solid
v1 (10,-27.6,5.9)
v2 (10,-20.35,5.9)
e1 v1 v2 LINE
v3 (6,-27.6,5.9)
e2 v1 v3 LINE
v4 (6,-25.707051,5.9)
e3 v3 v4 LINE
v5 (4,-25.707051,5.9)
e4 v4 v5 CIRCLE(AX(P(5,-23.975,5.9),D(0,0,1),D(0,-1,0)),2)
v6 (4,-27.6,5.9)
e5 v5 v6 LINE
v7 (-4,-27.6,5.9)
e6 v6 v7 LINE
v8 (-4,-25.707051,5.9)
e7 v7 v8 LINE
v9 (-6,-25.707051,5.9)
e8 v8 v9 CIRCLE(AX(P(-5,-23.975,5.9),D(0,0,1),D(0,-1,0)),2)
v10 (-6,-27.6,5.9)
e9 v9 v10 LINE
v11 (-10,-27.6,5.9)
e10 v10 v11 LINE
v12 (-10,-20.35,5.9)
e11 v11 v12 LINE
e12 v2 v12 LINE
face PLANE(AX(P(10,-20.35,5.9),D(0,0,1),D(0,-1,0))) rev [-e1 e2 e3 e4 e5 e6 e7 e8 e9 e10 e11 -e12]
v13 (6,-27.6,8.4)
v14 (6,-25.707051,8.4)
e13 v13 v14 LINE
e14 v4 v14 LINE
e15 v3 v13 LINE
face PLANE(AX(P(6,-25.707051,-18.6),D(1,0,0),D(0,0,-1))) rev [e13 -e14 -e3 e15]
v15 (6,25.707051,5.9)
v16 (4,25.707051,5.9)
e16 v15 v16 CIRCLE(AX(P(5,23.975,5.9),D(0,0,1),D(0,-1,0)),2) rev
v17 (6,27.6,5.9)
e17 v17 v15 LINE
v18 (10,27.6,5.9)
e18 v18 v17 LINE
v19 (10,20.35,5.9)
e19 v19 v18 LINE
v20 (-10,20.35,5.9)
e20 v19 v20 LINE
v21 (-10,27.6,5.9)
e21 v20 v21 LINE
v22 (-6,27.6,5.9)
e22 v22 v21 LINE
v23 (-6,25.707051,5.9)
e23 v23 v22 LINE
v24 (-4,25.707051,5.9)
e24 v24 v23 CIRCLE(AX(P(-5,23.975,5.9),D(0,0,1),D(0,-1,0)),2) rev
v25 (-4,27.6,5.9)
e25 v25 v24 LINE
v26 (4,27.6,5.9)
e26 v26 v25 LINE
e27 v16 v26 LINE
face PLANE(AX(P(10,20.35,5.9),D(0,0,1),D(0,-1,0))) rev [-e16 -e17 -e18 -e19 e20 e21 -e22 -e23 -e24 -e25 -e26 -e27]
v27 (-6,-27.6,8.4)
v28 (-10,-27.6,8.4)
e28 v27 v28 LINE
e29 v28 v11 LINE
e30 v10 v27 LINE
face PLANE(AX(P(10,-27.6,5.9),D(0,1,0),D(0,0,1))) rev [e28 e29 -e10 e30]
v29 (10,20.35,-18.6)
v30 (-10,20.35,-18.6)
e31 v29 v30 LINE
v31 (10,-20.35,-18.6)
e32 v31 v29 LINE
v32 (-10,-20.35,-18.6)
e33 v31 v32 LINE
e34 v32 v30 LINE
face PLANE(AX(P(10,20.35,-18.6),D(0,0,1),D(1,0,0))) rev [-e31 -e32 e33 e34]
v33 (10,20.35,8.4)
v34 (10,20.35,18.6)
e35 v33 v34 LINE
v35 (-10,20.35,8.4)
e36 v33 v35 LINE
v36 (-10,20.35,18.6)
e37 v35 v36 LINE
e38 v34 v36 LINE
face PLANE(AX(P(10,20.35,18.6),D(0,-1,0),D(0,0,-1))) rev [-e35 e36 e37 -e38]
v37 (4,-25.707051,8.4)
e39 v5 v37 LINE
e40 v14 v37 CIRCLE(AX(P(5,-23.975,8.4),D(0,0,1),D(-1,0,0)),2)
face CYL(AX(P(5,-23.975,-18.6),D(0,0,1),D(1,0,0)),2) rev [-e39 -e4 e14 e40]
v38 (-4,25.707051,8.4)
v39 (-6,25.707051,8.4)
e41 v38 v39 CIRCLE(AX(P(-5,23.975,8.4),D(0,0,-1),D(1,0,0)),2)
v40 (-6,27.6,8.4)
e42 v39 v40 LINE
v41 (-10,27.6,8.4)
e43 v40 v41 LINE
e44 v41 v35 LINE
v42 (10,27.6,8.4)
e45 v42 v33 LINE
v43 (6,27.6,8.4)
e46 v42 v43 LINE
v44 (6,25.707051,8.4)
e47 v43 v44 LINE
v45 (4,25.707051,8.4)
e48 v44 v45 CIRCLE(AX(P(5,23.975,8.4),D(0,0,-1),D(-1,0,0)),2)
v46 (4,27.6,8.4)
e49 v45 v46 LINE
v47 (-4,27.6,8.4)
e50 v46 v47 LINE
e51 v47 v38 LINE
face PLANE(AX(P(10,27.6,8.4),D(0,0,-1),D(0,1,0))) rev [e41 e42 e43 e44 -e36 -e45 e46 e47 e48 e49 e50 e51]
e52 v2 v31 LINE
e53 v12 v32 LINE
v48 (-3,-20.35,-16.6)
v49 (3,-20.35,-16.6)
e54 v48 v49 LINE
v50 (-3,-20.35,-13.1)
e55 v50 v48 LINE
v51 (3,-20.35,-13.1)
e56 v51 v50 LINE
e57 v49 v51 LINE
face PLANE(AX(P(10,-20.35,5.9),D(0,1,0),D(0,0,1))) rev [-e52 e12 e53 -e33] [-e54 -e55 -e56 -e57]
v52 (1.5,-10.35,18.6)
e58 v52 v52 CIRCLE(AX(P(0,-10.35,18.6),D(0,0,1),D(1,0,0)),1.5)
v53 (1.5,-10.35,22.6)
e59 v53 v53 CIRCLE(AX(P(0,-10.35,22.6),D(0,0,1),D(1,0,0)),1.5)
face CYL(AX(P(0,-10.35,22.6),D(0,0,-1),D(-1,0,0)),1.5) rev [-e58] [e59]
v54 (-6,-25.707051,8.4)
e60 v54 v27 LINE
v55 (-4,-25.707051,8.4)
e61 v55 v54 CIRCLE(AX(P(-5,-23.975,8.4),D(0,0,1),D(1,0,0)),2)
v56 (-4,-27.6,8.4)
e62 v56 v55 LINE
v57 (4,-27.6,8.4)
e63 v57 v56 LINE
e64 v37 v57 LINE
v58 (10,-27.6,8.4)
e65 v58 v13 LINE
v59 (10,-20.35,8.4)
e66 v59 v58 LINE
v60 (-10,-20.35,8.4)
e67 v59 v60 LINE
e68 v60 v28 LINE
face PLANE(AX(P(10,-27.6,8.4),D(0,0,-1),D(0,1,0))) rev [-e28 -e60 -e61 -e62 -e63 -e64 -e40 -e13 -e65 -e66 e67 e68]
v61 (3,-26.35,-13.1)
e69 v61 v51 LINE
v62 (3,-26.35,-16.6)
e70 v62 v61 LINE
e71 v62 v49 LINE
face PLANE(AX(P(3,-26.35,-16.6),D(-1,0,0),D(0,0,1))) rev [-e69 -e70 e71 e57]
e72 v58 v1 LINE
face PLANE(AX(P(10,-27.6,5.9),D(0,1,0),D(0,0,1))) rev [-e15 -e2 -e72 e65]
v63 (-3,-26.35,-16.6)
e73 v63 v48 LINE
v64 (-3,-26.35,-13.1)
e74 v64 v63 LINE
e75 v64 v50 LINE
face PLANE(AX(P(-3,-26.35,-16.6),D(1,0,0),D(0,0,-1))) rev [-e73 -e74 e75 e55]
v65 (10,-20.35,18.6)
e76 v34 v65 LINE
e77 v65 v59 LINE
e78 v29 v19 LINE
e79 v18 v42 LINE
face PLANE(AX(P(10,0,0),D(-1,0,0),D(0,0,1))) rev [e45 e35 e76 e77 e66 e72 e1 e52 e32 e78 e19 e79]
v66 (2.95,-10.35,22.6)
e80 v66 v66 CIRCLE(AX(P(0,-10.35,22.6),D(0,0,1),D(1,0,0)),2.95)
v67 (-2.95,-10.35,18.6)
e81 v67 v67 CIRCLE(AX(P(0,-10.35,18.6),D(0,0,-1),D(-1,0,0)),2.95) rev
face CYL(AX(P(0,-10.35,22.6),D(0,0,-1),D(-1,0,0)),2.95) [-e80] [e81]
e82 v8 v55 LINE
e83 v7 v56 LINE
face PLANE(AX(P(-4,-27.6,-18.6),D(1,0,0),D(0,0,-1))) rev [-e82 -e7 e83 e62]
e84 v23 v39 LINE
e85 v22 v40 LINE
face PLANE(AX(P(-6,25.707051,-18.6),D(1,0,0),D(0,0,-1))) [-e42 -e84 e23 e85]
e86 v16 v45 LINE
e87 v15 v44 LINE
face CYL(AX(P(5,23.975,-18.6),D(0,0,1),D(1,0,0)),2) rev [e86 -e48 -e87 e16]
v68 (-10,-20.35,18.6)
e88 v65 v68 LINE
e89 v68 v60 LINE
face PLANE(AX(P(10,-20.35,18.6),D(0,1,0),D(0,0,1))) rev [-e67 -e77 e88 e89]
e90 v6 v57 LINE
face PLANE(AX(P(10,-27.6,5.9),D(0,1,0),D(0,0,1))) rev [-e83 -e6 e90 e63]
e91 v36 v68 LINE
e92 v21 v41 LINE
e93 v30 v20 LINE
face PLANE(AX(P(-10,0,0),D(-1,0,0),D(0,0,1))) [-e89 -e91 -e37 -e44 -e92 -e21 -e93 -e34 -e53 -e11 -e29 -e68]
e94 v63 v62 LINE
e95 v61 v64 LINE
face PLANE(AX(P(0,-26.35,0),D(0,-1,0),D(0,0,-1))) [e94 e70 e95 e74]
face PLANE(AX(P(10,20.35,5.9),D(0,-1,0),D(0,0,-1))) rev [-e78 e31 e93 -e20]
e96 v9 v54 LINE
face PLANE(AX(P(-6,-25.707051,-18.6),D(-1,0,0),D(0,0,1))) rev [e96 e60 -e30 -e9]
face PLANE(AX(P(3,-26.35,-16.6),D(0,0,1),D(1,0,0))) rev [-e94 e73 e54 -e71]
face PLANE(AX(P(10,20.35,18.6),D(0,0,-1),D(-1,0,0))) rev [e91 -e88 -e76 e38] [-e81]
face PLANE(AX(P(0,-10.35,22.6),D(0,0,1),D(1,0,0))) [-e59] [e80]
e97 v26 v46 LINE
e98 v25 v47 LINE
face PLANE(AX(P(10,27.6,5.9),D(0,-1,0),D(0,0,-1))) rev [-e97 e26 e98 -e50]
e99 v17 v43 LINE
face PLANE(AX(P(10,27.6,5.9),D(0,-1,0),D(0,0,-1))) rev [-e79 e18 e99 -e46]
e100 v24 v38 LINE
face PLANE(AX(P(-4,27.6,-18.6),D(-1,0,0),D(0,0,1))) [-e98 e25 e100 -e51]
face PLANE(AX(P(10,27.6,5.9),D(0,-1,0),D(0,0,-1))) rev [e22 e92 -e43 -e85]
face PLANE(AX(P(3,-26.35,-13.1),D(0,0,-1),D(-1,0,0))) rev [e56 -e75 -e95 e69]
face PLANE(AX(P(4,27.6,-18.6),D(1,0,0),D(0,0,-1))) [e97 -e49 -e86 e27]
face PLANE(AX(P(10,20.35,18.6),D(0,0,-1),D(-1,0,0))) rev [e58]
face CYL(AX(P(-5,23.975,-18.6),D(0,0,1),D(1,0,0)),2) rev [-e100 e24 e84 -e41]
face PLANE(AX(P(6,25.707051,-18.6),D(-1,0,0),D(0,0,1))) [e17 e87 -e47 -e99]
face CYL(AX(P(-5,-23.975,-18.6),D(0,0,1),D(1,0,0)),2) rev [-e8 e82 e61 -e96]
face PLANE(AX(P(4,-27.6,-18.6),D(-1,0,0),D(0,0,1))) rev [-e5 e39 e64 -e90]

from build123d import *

# Parameters (mm, degrees)
BOSS_EXTRUDE1_DEPTH = 10
CUT_EXTRUDE1_DEPTH  = 40.884332764
SKETCH5_W           = 6
SKETCH5_H           = 3.5
BOSS_EXTRUDE2_DEPTH = 6
SKETCH2_R           = 2.95
SKETCH2_R_2         = 1.5
BOSS_EXTRUDE3_DEPTH = 4


with BuildPart() as part:
    # Sketch1 → Boss-Extrude1 (new, symmetric)
    with BuildSketch(Plane.YZ):
        Polygon((-20.35, 5.9), (-27.6, 5.9), (-27.6, 8.4), (-20.35, 8.4), (-20.35, 18.6), (20.35, 18.6), (20.35, 8.4), (27.6, 8.4), (27.6, 5.9), (20.35, 5.9), (20.35, -18.6), (-20.35, -18.6), align=None)
    extrude(amount=BOSS_EXTRUDE1_DEPTH, both=True)

    # Sketch4 → Cut-Extrude1 (cut, through all)
    with BuildSketch(Plane.XY.offset(8.4)):
        with BuildLine():
            Line((-6, -25.707050808), (-6, -27.6))
            Line((-6, -27.6), (-4, -27.6))
            Line((-4, -27.6), (-4, -25.707050808))
            ThreePointArc((-4, -25.707050808), (-5, -21.975), (-6, -25.707050808))
        make_face()
        with BuildLine():
            Line((6, -27.6), (4, -27.6))
            Line((4, -27.6), (4, -25.707050808))
            ThreePointArc((4, -25.707050808), (5, -21.975), (6, -25.707050808))
            Line((6, -25.707050808), (6, -27.6))
        make_face()
    cut_extrude1 = extrude(amount=-CUT_EXTRUDE1_DEPTH, mode=Mode.SUBTRACT)

    # Mirror1: Cut-Extrude1 across plane
    add(cut_extrude1.mirror(Plane.ZX), mode=Mode.SUBTRACT)

    # Sketch5 → Boss-Extrude2 (add)
    with BuildSketch(Plane.XZ.offset(20.35)):
        with Locations((0, -14.85)):
            Rectangle(SKETCH5_W, SKETCH5_H)
    extrude(amount=BOSS_EXTRUDE2_DEPTH)

    # Sketch2 → Boss-Extrude3 (add)
    with BuildSketch(Plane.XY.offset(18.6)):
        with Locations(Location((0, -10.35, 0), (0, 0, 180))):
            Circle(SKETCH2_R)
        with Locations((0, -10.35)):
            Circle(SKETCH2_R_2, mode=Mode.SUBTRACT)
    extrude(amount=BOSS_EXTRUDE3_DEPTH)


solid = part.part
